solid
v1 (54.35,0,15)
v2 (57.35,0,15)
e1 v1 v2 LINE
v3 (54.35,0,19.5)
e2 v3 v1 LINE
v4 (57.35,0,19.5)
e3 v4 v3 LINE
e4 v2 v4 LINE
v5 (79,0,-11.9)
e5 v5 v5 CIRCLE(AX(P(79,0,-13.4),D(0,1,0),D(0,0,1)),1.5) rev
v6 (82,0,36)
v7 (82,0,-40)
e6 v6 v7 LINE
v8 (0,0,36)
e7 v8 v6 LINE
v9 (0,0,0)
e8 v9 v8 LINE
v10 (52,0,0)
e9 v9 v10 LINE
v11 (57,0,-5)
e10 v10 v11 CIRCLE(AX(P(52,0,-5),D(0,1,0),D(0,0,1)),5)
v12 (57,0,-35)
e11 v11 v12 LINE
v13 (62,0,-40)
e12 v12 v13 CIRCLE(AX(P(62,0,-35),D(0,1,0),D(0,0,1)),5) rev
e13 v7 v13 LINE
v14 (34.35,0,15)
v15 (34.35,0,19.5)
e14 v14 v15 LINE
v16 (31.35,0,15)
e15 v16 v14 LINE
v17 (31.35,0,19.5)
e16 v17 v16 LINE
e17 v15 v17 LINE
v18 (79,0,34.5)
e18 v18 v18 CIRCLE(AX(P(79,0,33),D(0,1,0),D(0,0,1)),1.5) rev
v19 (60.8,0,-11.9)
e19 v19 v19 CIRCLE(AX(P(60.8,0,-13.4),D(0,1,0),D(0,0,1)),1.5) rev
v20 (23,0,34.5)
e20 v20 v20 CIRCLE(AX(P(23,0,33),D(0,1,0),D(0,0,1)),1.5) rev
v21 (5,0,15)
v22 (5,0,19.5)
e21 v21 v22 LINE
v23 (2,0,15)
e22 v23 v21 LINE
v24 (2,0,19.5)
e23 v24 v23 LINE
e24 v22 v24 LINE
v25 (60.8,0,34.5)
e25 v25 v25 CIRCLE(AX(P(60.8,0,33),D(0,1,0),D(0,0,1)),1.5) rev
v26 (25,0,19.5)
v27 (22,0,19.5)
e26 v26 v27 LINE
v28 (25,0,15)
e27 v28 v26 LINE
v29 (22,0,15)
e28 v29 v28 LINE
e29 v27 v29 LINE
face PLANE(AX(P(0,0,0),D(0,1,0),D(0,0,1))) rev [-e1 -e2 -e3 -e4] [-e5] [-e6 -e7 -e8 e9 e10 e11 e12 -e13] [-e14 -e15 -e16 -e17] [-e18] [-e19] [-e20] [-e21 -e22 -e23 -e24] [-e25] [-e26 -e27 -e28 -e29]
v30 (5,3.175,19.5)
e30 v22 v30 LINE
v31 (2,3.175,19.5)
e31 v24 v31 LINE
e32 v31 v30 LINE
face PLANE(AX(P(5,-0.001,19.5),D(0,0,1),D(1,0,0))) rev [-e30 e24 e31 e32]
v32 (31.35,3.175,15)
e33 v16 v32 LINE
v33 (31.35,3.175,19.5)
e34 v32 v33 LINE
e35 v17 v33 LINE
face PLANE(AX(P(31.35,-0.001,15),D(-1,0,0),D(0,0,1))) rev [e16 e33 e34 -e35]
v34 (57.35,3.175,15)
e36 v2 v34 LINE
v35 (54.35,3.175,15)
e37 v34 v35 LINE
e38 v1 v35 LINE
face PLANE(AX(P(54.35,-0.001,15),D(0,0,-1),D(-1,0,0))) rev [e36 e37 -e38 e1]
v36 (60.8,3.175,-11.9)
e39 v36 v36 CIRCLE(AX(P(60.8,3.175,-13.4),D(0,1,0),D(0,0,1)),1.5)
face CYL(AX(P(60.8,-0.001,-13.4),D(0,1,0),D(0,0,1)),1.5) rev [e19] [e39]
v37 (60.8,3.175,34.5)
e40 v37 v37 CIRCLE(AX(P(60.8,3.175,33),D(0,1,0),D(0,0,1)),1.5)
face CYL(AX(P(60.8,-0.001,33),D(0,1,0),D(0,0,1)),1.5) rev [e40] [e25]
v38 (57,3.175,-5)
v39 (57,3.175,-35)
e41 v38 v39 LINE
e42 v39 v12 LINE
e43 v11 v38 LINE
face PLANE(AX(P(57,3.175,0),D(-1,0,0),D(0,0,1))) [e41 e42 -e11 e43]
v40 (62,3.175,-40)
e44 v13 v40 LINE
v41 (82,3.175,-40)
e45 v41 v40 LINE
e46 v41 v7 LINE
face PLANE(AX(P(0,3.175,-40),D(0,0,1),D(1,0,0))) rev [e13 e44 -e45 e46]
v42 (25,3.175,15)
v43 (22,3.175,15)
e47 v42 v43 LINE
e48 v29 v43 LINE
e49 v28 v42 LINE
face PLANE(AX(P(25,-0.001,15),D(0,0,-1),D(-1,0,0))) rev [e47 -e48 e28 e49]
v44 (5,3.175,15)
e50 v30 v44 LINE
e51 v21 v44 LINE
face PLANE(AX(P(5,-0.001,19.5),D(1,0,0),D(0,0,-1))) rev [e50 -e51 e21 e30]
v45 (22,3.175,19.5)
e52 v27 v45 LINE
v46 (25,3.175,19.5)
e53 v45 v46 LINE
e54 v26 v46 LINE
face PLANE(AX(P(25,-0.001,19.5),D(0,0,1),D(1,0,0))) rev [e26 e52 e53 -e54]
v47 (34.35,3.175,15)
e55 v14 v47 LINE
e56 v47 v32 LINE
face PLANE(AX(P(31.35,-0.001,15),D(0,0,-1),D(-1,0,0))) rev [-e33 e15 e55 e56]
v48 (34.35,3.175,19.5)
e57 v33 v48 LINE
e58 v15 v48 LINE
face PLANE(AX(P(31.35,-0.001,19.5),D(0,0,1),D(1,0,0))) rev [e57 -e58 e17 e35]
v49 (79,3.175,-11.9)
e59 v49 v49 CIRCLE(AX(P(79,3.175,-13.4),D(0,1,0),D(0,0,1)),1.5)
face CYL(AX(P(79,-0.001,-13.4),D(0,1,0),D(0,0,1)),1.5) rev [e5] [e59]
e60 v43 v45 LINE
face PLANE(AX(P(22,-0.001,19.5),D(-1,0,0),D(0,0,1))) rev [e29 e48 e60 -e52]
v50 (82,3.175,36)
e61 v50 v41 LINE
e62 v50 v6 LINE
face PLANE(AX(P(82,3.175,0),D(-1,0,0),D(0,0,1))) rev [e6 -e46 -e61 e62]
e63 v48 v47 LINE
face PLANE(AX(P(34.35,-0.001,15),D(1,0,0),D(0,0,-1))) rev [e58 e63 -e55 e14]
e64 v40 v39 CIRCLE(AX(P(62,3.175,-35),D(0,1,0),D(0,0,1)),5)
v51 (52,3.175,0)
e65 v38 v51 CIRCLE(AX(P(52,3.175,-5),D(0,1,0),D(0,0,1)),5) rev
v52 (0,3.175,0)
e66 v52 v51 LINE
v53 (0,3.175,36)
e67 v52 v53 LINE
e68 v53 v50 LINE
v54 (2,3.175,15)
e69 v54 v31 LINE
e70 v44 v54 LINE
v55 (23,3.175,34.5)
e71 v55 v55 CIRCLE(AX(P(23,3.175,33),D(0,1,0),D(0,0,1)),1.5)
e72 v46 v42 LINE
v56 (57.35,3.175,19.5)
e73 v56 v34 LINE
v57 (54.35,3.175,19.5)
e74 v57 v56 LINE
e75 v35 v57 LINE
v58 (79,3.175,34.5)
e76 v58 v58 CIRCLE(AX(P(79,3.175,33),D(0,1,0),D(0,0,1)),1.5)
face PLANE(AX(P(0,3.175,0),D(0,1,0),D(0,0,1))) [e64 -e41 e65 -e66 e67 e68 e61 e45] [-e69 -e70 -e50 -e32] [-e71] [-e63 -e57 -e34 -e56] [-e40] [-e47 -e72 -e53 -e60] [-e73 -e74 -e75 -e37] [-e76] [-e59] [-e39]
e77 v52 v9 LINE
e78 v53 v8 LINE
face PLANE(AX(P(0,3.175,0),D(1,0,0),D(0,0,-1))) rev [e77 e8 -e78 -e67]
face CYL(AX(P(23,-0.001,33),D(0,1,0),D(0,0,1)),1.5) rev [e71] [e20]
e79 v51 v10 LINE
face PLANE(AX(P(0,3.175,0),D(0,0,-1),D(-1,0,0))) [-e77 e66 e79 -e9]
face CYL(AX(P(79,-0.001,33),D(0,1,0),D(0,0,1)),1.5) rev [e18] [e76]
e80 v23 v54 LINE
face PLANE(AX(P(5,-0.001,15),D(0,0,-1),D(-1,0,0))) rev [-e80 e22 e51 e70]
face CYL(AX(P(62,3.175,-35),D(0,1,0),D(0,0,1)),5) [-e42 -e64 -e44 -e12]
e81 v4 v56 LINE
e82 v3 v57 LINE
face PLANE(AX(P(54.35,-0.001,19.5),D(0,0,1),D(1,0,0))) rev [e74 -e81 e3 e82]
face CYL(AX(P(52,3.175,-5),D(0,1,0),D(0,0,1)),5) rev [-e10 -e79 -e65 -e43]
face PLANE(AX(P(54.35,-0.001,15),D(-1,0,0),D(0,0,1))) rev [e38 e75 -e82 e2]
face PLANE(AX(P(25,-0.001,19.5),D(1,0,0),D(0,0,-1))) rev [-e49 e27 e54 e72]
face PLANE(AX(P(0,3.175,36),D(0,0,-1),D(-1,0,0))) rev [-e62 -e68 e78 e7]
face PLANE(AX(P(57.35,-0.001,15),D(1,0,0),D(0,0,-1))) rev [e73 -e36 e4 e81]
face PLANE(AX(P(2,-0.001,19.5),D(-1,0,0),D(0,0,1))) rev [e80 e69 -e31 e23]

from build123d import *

# Parameters (mm, degrees)
SKETCH1_W           = 25
SKETCH1_H           = 40
SKETCH1_W_2         = 82
SKETCH1_H_2         = 36
BOSS_EXTRUDE1_DEPTH = 3.175
CUT_EXTRUDE1_REACH  = 5.175
SKETCH2_R           = 1.5
SKETCH2_W           = 3
SKETCH2_H           = 4.5
FILLET1_R           = 5


with BuildPart() as part:
    # Sketch1 → Boss-Extrude1 (new body)
    with BuildSketch(Plane(origin=(0, 0, 0), x_dir=(1, 0, 0), z_dir=(0, 1, 0))):
        with Locations((69.5, 20)):
            Rectangle(SKETCH1_W, SKETCH1_H)
        with Locations((41, -18)):
            Rectangle(SKETCH1_W_2, SKETCH1_H_2)
    extrude(amount=BOSS_EXTRUDE1_DEPTH)

    # Sketch2 → Cut-Extrude1 (cut, up to next)
    with BuildSketch(Plane(origin=(0, 3.175, 0), x_dir=(1, 0, 0), z_dir=(0, 1, 0)), mode=Mode.PRIVATE) as cut_extrude1_sk1:
        with Locations((79, -33)):
            Circle(SKETCH2_R)
    cut_extrude1_tool1 = extrude(cut_extrude1_sk1.sketch, amount=-CUT_EXTRUDE1_REACH, mode=Mode.PRIVATE) & part.part
    add(cut_extrude1_tool1.solids().sort_by_distance((79, 3.175, 33))[0], mode=Mode.SUBTRACT)
    # Sketch2 → Cut-Extrude1 (cut, up to next)
    with BuildSketch(Plane(origin=(0, 3.175, 0), x_dir=(1, 0, 0), z_dir=(0, 1, 0)), mode=Mode.PRIVATE) as cut_extrude1_sk2:
        with Locations((60.8, -33)):
            Circle(SKETCH2_R)
    cut_extrude1_tool2 = extrude(cut_extrude1_sk2.sketch, amount=-CUT_EXTRUDE1_REACH, mode=Mode.PRIVATE) & part.part
    add(cut_extrude1_tool2.solids().sort_by_distance((60.8, 3.175, 33))[0], mode=Mode.SUBTRACT)
    # Sketch2 → Cut-Extrude1 (cut, up to next)
    with BuildSketch(Plane(origin=(0, 3.175, 0), x_dir=(1, 0, 0), z_dir=(0, 1, 0)), mode=Mode.PRIVATE) as cut_extrude1_sk3:
        with Locations((60.8, 13.4)):
            Circle(SKETCH2_R)
    cut_extrude1_tool3 = extrude(cut_extrude1_sk3.sketch, amount=-CUT_EXTRUDE1_REACH, mode=Mode.PRIVATE) & part.part
    add(cut_extrude1_tool3.solids().sort_by_distance((60.8, 3.175, -13.4))[0], mode=Mode.SUBTRACT)
    # Sketch2 → Cut-Extrude1 (cut, up to next)
    with BuildSketch(Plane(origin=(0, 3.175, 0), x_dir=(1, 0, 0), z_dir=(0, 1, 0)), mode=Mode.PRIVATE) as cut_extrude1_sk4:
        with Locations((79, 13.4)):
            Circle(SKETCH2_R)
    cut_extrude1_tool4 = extrude(cut_extrude1_sk4.sketch, amount=-CUT_EXTRUDE1_REACH, mode=Mode.PRIVATE) & part.part
    add(cut_extrude1_tool4.solids().sort_by_distance((79, 3.175, -13.4))[0], mode=Mode.SUBTRACT)
    # Sketch2 → Cut-Extrude1 (cut, up to next)
    with BuildSketch(Plane(origin=(0, 3.175, 0), x_dir=(1, 0, 0), z_dir=(0, 1, 0)), mode=Mode.PRIVATE) as cut_extrude1_sk5:
        with Locations((23, -33)):
            Circle(SKETCH2_R)
    cut_extrude1_tool5 = extrude(cut_extrude1_sk5.sketch, amount=-CUT_EXTRUDE1_REACH, mode=Mode.PRIVATE) & part.part
    add(cut_extrude1_tool5.solids().sort_by_distance((23, 3.175, 33))[0], mode=Mode.SUBTRACT)
    # Sketch2 → Cut-Extrude1 (cut, up to next)
    with BuildSketch(Plane(origin=(0, 3.175, 0), x_dir=(1, 0, 0), z_dir=(0, 1, 0)), mode=Mode.PRIVATE) as cut_extrude1_sk6:
        with Locations((32.85, -17.25)):
            Rectangle(SKETCH2_W, SKETCH2_H)
    cut_extrude1_tool6 = extrude(cut_extrude1_sk6.sketch, amount=-CUT_EXTRUDE1_REACH, mode=Mode.PRIVATE) & part.part
    add(cut_extrude1_tool6.solids().sort_by_distance((32.85, 3.175, 17.25))[0], mode=Mode.SUBTRACT)
    # Sketch2 → Cut-Extrude1 (cut, up to next)
    with BuildSketch(Plane(origin=(0, 3.175, 0), x_dir=(1, 0, 0), z_dir=(0, 1, 0)), mode=Mode.PRIVATE) as cut_extrude1_sk7:
        with Locations((55.85, -17.25)):
            Rectangle(SKETCH2_W, SKETCH2_H)
    cut_extrude1_tool7 = extrude(cut_extrude1_sk7.sketch, amount=-CUT_EXTRUDE1_REACH, mode=Mode.PRIVATE) & part.part
    add(cut_extrude1_tool7.solids().sort_by_distance((55.85, 3.175, 17.25))[0], mode=Mode.SUBTRACT)
    # Sketch2 → Cut-Extrude1 (cut, up to next)
    with BuildSketch(Plane(origin=(0, 3.175, 0), x_dir=(1, 0, 0), z_dir=(0, 1, 0)), mode=Mode.PRIVATE) as cut_extrude1_sk8:
        with Locations((3.5, -17.25)):
            Rectangle(SKETCH2_W, SKETCH2_H)
    cut_extrude1_tool8 = extrude(cut_extrude1_sk8.sketch, amount=-CUT_EXTRUDE1_REACH, mode=Mode.PRIVATE) & part.part
    add(cut_extrude1_tool8.solids().sort_by_distance((3.5, 3.175, 17.25))[0], mode=Mode.SUBTRACT)
    # Sketch2 → Cut-Extrude1 (cut, up to next)
    with BuildSketch(Plane(origin=(0, 3.175, 0), x_dir=(1, 0, 0), z_dir=(0, 1, 0)), mode=Mode.PRIVATE) as cut_extrude1_sk9:
        with Locations((23.5, -17.25)):
            Rectangle(SKETCH2_W, SKETCH2_H)
    cut_extrude1_tool9 = extrude(cut_extrude1_sk9.sketch, amount=-CUT_EXTRUDE1_REACH, mode=Mode.PRIVATE) & part.part
    add(cut_extrude1_tool9.solids().sort_by_distance((23.5, 3.175, 17.25))[0], mode=Mode.SUBTRACT)

    # Fillet1
    fillet1_edges = [part.edges().sort_by_distance(p)[0] for p in [
        (57, 1.5875, -40),
        (57, 1.5875, 0),
    ]]
    fillet(fillet1_edges, radius=FILLET1_R)


solid = part.part
